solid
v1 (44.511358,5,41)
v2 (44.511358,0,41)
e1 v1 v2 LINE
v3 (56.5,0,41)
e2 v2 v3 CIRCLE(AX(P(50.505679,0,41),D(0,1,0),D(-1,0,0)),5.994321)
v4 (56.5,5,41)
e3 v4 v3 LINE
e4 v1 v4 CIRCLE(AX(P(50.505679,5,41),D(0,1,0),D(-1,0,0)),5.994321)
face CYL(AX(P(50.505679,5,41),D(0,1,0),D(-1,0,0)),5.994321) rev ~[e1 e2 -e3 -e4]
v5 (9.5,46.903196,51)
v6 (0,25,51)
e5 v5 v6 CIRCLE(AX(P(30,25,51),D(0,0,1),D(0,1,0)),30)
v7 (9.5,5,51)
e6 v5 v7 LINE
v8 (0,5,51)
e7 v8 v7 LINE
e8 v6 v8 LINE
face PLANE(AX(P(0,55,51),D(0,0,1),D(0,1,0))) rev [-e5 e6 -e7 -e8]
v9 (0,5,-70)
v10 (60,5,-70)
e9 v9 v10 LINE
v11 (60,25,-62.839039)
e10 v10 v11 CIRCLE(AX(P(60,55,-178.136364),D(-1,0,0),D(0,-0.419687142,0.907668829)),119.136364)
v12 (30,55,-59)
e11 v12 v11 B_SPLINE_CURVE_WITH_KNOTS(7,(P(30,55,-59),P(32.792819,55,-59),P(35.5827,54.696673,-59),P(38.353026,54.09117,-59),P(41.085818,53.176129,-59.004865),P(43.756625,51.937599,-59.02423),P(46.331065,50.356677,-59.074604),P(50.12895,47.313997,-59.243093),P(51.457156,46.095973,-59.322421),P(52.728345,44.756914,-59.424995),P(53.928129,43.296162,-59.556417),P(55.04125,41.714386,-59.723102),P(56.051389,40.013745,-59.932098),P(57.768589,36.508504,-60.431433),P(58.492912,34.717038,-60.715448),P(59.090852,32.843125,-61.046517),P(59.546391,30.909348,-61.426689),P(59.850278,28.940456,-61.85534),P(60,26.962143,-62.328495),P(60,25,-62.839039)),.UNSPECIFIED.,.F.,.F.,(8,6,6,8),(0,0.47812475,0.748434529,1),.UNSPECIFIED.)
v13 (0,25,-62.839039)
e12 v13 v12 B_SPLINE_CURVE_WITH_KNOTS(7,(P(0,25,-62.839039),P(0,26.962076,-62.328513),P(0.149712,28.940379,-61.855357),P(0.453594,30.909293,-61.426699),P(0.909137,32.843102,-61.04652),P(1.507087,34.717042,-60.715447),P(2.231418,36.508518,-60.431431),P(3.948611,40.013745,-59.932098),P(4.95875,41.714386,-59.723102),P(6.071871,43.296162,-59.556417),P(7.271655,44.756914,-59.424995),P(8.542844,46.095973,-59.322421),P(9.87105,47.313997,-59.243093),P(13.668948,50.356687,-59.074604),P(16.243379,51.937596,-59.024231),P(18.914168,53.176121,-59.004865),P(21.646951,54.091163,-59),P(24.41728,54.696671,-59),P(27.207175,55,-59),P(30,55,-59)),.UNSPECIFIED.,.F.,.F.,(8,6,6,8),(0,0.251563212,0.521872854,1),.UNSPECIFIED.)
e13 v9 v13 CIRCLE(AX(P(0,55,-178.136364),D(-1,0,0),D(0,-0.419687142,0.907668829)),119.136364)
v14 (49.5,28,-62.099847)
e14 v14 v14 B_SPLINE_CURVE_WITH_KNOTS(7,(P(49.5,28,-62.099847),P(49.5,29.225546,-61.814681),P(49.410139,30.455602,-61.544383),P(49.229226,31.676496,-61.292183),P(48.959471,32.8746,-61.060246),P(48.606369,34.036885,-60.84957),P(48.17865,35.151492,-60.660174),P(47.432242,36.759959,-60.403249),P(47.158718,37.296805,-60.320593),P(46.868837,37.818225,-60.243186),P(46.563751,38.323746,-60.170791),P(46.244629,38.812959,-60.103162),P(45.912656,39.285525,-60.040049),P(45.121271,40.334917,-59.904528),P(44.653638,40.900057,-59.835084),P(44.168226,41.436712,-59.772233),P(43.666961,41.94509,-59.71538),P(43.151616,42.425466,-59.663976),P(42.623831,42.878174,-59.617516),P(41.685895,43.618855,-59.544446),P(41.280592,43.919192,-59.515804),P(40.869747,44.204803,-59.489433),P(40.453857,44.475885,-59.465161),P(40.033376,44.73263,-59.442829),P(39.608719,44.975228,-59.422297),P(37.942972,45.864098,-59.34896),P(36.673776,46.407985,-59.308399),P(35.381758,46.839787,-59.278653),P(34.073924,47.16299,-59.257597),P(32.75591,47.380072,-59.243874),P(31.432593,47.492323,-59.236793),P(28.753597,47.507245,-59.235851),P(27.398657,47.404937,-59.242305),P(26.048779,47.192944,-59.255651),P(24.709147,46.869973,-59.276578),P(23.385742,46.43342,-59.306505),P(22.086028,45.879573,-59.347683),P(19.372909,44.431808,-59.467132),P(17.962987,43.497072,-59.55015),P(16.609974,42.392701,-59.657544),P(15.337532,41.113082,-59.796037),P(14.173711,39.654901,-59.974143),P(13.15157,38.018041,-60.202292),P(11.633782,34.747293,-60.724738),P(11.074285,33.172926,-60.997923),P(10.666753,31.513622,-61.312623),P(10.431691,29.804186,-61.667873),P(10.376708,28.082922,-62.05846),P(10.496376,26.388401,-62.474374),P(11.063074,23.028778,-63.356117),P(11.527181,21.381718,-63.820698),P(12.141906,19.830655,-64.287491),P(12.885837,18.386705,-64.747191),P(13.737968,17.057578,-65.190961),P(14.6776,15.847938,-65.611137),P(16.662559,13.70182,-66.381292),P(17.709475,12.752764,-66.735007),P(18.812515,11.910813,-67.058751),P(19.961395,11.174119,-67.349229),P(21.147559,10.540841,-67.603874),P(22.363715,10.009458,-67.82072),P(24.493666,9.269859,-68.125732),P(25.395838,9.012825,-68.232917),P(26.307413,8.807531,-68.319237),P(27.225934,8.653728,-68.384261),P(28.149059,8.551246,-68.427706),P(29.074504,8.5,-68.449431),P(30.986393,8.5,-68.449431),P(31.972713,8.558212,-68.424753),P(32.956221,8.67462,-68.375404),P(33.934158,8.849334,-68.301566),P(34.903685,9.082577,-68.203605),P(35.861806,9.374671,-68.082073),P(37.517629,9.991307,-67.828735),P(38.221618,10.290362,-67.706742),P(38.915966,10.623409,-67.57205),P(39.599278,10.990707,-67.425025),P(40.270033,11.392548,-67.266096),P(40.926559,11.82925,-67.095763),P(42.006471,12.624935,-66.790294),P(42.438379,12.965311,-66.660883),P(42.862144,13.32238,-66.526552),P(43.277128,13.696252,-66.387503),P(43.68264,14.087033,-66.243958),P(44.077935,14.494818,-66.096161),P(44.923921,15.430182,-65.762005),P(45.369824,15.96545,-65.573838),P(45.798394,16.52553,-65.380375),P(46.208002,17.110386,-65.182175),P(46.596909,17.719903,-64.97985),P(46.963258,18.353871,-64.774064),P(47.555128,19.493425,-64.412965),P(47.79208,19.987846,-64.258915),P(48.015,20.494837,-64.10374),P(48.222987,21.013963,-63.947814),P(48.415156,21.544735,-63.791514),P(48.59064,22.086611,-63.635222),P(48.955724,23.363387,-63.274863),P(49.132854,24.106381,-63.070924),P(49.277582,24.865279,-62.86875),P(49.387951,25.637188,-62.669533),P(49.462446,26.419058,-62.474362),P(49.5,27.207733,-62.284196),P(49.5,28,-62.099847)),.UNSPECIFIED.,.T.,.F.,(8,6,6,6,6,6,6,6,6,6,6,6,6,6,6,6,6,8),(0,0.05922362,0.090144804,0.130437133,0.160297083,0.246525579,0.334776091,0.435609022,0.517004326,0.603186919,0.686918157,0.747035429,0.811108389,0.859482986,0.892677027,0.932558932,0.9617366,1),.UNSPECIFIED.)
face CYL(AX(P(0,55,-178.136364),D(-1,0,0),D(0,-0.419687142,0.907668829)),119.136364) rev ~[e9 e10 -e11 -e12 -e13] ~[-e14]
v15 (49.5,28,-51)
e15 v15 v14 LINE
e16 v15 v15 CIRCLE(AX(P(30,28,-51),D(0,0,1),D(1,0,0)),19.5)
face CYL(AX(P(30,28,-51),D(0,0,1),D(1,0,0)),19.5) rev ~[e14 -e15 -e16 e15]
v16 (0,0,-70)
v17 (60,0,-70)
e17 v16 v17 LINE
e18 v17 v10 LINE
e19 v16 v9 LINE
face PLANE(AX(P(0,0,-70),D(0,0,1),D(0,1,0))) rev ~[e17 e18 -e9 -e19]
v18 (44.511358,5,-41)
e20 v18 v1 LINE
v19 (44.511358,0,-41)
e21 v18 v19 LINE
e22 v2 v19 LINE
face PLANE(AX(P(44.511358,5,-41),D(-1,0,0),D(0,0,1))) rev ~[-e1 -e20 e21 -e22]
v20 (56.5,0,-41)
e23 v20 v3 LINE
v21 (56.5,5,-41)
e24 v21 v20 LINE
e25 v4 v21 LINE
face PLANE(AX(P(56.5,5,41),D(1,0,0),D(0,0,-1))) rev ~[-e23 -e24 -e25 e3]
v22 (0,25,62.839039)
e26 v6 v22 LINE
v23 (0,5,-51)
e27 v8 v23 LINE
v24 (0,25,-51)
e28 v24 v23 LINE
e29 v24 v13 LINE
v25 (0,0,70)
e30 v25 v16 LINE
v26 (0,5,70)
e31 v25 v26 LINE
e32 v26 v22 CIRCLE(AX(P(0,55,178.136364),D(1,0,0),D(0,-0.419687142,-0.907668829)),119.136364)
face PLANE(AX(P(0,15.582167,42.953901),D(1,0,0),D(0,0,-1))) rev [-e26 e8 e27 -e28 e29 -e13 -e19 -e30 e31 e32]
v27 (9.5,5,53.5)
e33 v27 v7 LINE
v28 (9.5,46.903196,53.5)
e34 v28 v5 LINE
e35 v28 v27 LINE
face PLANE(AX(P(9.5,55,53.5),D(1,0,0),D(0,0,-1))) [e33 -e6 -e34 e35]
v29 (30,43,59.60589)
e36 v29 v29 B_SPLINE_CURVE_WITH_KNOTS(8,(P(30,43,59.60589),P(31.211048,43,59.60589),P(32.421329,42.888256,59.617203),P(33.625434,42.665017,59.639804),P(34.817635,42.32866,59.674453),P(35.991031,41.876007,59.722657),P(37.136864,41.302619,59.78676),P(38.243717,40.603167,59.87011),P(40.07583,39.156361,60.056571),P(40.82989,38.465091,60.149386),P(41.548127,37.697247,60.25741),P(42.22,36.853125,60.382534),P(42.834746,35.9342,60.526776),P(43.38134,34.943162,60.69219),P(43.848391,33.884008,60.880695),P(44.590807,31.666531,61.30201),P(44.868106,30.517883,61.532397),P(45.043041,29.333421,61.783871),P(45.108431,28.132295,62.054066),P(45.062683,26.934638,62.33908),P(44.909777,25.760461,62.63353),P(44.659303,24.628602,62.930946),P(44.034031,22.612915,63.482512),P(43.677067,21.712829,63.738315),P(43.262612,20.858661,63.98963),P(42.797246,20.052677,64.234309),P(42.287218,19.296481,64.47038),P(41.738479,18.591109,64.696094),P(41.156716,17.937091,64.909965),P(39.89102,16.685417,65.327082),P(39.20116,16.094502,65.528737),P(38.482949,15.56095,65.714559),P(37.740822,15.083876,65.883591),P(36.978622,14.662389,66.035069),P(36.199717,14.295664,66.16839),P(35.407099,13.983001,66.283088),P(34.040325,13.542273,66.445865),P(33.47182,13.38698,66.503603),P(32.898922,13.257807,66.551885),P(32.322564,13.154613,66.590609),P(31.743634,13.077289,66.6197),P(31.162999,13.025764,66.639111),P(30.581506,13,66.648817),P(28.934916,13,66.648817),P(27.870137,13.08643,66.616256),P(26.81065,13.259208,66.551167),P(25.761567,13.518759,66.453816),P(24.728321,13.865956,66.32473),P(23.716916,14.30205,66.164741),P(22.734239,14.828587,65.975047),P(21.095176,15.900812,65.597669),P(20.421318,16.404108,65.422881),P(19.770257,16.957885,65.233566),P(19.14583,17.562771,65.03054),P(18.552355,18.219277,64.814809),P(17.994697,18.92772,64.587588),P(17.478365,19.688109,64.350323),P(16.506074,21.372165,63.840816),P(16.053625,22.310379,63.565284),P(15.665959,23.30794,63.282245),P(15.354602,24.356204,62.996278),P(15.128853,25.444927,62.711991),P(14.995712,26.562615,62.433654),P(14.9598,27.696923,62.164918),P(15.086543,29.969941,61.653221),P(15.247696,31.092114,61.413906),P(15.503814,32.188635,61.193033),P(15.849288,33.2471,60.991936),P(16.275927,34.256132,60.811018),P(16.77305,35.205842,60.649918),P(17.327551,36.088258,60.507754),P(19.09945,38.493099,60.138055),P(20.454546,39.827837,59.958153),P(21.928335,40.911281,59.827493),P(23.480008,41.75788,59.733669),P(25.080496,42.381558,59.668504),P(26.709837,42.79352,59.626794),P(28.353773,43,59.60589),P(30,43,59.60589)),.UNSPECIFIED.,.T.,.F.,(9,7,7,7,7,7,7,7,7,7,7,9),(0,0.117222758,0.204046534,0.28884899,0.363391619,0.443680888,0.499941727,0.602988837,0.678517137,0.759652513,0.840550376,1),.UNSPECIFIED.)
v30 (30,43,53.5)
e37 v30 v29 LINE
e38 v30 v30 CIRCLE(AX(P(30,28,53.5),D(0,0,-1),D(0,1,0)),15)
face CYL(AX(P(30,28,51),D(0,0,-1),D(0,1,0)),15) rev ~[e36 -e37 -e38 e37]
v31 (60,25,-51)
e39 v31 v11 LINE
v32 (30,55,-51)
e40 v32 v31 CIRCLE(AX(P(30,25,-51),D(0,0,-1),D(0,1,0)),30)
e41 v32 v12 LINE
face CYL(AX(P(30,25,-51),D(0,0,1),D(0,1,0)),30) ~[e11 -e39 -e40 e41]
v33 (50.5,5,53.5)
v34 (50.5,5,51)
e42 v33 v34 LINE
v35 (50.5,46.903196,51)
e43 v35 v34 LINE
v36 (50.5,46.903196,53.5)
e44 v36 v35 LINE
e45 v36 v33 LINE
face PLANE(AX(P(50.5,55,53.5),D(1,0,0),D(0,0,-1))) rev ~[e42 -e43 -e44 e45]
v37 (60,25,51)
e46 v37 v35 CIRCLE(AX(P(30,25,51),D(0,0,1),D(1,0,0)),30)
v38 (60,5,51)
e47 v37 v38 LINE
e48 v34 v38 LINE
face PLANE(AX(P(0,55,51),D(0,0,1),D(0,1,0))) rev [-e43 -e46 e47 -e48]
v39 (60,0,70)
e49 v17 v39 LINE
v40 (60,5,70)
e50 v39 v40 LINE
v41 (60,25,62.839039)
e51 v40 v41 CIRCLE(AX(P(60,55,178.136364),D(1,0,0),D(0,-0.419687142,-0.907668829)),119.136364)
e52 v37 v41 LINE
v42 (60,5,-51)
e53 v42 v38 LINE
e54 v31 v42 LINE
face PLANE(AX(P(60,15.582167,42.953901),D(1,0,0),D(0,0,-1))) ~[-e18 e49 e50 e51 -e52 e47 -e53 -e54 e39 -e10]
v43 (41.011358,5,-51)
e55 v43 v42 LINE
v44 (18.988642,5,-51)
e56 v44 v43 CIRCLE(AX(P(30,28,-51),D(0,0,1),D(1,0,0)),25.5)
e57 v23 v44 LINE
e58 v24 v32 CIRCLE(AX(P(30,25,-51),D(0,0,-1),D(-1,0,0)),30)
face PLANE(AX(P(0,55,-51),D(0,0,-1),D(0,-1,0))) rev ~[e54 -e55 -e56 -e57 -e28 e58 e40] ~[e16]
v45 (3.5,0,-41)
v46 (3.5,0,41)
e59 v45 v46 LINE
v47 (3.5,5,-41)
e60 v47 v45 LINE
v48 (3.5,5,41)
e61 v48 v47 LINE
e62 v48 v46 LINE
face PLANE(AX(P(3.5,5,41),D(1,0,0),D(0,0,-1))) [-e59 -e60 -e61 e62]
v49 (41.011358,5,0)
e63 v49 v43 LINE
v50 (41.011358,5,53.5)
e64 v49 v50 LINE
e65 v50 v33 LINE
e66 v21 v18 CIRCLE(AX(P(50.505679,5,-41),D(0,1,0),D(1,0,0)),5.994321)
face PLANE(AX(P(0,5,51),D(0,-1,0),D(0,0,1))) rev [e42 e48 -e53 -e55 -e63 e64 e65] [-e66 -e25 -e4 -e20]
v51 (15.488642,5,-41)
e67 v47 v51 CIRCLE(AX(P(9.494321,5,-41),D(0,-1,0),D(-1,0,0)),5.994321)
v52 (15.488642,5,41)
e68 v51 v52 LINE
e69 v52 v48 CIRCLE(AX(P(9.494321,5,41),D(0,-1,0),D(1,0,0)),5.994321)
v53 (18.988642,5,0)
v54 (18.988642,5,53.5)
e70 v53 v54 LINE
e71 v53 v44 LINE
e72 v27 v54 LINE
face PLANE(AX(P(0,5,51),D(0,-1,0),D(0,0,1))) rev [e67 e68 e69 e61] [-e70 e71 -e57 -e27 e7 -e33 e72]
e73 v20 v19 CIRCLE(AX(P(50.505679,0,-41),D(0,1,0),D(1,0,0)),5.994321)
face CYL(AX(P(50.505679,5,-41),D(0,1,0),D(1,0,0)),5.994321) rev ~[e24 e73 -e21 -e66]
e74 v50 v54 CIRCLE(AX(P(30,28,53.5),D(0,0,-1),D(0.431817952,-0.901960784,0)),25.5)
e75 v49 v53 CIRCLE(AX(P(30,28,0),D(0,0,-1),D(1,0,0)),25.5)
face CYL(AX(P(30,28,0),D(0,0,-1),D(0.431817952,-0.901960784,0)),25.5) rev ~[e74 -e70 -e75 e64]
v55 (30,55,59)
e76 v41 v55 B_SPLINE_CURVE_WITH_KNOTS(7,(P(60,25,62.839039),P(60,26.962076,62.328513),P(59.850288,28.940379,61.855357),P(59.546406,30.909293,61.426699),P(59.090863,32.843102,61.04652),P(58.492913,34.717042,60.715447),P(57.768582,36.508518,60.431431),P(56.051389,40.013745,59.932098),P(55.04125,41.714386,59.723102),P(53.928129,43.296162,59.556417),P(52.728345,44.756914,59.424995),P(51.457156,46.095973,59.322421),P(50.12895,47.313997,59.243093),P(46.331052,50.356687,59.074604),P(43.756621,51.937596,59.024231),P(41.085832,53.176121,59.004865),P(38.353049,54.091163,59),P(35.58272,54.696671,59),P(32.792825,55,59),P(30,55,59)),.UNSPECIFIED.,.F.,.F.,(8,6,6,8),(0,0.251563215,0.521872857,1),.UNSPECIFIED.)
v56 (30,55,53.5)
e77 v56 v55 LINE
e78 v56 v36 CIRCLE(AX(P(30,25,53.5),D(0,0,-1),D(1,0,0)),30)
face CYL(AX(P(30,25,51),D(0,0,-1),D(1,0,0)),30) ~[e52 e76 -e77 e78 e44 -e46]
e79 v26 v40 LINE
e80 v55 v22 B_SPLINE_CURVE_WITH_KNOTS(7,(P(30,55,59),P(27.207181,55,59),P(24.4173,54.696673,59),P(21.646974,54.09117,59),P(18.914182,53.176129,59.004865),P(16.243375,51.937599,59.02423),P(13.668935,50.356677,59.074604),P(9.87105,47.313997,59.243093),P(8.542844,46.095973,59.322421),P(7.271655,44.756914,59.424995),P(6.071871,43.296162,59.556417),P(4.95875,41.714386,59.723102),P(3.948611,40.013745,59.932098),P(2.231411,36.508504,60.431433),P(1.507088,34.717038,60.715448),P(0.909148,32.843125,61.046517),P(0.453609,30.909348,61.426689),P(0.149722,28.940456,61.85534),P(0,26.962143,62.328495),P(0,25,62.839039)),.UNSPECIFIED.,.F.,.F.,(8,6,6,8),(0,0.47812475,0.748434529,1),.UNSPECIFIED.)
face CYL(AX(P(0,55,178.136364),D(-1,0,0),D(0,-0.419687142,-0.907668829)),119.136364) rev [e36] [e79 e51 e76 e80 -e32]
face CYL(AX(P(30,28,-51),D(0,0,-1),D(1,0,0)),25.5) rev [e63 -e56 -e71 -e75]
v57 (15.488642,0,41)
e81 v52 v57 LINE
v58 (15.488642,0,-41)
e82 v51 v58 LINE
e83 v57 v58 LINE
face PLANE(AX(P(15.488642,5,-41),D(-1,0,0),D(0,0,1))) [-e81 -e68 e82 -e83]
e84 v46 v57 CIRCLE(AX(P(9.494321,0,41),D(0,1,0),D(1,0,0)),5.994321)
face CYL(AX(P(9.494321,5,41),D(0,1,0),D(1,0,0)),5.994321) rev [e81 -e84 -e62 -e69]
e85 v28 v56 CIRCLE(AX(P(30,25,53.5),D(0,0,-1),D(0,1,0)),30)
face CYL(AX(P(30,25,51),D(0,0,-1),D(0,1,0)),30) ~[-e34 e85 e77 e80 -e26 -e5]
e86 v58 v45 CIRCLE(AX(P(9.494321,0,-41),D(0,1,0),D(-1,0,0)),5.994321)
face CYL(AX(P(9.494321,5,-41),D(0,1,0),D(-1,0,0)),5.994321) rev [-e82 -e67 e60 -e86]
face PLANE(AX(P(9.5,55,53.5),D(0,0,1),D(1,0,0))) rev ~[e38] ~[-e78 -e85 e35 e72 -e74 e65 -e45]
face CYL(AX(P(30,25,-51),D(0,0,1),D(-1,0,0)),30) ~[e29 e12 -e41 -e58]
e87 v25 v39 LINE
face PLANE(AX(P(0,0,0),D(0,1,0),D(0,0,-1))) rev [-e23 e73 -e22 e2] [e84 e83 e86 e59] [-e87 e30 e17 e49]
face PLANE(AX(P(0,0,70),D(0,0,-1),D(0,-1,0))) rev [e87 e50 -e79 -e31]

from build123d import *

# Parameters (mm, degrees)
RESSALTO_EXTRUS_O1_DEPTH = 60
ESBO_O2_R                = 25.5
CORTE_EXTRUS_O1_DEPTH    = 97.052069212
ESBO_O3_R                = 17.5
CORTE_EXTRUS_O2_DEPTH    = 97.052069212
CORTE_EXTRUS_O3_DEPTH    = 60
ESBO_O7_W                = 41
ESBO_O7_H                = 2.5
CORTE_EXTRUS_O6_DEPTH    = 50
ESBO_O6_R                = 15
CORTE_EXTRUS_O7_DEPTH    = 146.828666754
CORTE_EXTRUS_O8_DEPTH    = 53.5
CORTE_EXTRUS_O9_DEPTH    = 105.880884989
ESBO_O9_R                = 19.5
CORTE_EXTRUS_O10_DEPTH   = 146.828666754


with BuildPart() as part:
    # Esboço1 → Ressalto-extrusão1 (new body)
    with BuildSketch(Plane(origin=(0, 0, 0), x_dir=(0, 0, -1), z_dir=(1, 0, 0))):
        with BuildLine():
            Line((0, 0), (70, 0))
            Line((70, 0), (70, 5))
            ThreePointArc((70, 5), (61.782493308, 29.402148528), (59, 55))
            Line((59, 55), (51, 55))
            Line((51, 55), (51, 5))
            Line((51, 5), (0, 5))
            Line((0, 5), (0, 0))
        make_face()
    ressalto_extrus_o1 = extrude(amount=RESSALTO_EXTRUS_O1_DEPTH)

    # Esboço2 → Corte-extrusão1 (cut, through all)
    with BuildSketch(Plane.XY.offset(-51)):
        with Locations((30, 28)):
            Circle(ESBO_O2_R)
    extrude(amount=CORTE_EXTRUS_O1_DEPTH, mode=Mode.SUBTRACT)

    # Esboço3 → Corte-extrusão2 (cut, through all)
    with BuildSketch(Plane.XY.offset(-51)):
        with Locations((30, 28)):
            Circle(ESBO_O3_R)
    extrude(amount=-CORTE_EXTRUS_O2_DEPTH, mode=Mode.SUBTRACT)

    # Esboço4 → Corte-extrusão3 (cut)
    with BuildSketch(Plane.XY.offset(-51)):
        with BuildLine():
            ThreePointArc((0, 25), (8.786796564, 46.213203436), (30, 55))
            Line((30, 55), (0, 55))
            Line((0, 55), (0, 25))
        make_face()
        with BuildLine():
            Line((60, 25), (60, 55))
            Line((60, 55), (30, 55))
            ThreePointArc((30, 55), (51.213203436, 46.213203436), (60, 25))
        make_face()
    extrude(amount=-CORTE_EXTRUS_O3_DEPTH, mode=Mode.SUBTRACT)

    # Espelhar2: Ressalto-extrusão1 across plane
    add(ressalto_extrus_o1.mirror(Plane(origin=(60, 5, 0), x_dir=(1, 0, 0), z_dir=(0, 0, -1))))

    # Esboço7 → Corte-extrusão6 (cut)
    with BuildSketch(Plane(origin=(0, 55, 0), x_dir=(1, 0, 0), z_dir=(0, 1, 0))):
        with Locations((30, -52.25)):
            Rectangle(ESBO_O7_W, ESBO_O7_H)
    extrude(amount=-CORTE_EXTRUS_O6_DEPTH, mode=Mode.SUBTRACT)

    # Esboço6 → Corte-extrusão7 (cut, through all)
    with BuildSketch(Plane(origin=(0, 0, 51), x_dir=(-1, 0, 0), z_dir=(0, 0, -1))):
        with BuildLine():
            Line((-60, 55), (-60, 25))
            ThreePointArc((-60, 25), (-51.213203436, 46.213203436), (-30, 55))
            Line((-30, 55), (-60, 55))
        make_face()
        with BuildLine():
            Line((0, 55), (-30, 55))
            ThreePointArc((-30, 55), (-8.786796564, 46.213203436), (0, 25))
            Line((0, 25), (0, 55))
        make_face()
        with Locations(Location((-30, 28, 0), (0, 0, 90))):
            Circle(ESBO_O6_R)
    extrude(amount=-CORTE_EXTRUS_O7_DEPTH, mode=Mode.SUBTRACT)

    # Esboço5 → Corte-extrusão8 (cut)
    with BuildSketch(Plane(origin=(0, 0, 0), x_dir=(-1, 0, 0), z_dir=(0, 0, -1))):
        with BuildLine():
            Line((-18.988642227, 5), (-41.011357773, 5))
            ThreePointArc((-41.011357773, 5), (-30, 2.5), (-18.988642227, 5))
        make_face()
    extrude(amount=-CORTE_EXTRUS_O8_DEPTH, mode=Mode.SUBTRACT)

    # Esboço8 → Corte-extrusão9 (cut, through all)
    with BuildSketch(Plane(origin=(0, 5, 0), x_dir=(1, 0, 0), z_dir=(0, 1, 0))):
        with BuildLine():
            Line((3.5, -41), (3.5, 41))
            ThreePointArc((3.5, 41), (9.494321114, 46.994321114), (15.488642227, 41))
            Line((15.488642227, 41), (15.488642227, -41))
            ThreePointArc((15.488642227, -41), (9.494321114, -46.994321114), (3.5, -41))
        make_face()
        with BuildLine():
            Line((56.5, -41), (56.5, 41))
            ThreePointArc((56.5, 41), (50.505678886, 46.994321114), (44.511357773, 41))
            Line((44.511357773, 41), (44.511357773, -41))
            ThreePointArc((44.511357773, -41), (50.505678886, -46.994321114), (56.5, -41))
        make_face()
    extrude(amount=-CORTE_EXTRUS_O9_DEPTH, mode=Mode.SUBTRACT)

    # Esboço9 → Corte-extrusão10 (cut, through all)
    with BuildSketch(Plane.XY.offset(-51)):
        with Locations((30, 28)):
            Circle(ESBO_O9_R)
    extrude(amount=-CORTE_EXTRUS_O10_DEPTH, mode=Mode.SUBTRACT)


solid = part.part
